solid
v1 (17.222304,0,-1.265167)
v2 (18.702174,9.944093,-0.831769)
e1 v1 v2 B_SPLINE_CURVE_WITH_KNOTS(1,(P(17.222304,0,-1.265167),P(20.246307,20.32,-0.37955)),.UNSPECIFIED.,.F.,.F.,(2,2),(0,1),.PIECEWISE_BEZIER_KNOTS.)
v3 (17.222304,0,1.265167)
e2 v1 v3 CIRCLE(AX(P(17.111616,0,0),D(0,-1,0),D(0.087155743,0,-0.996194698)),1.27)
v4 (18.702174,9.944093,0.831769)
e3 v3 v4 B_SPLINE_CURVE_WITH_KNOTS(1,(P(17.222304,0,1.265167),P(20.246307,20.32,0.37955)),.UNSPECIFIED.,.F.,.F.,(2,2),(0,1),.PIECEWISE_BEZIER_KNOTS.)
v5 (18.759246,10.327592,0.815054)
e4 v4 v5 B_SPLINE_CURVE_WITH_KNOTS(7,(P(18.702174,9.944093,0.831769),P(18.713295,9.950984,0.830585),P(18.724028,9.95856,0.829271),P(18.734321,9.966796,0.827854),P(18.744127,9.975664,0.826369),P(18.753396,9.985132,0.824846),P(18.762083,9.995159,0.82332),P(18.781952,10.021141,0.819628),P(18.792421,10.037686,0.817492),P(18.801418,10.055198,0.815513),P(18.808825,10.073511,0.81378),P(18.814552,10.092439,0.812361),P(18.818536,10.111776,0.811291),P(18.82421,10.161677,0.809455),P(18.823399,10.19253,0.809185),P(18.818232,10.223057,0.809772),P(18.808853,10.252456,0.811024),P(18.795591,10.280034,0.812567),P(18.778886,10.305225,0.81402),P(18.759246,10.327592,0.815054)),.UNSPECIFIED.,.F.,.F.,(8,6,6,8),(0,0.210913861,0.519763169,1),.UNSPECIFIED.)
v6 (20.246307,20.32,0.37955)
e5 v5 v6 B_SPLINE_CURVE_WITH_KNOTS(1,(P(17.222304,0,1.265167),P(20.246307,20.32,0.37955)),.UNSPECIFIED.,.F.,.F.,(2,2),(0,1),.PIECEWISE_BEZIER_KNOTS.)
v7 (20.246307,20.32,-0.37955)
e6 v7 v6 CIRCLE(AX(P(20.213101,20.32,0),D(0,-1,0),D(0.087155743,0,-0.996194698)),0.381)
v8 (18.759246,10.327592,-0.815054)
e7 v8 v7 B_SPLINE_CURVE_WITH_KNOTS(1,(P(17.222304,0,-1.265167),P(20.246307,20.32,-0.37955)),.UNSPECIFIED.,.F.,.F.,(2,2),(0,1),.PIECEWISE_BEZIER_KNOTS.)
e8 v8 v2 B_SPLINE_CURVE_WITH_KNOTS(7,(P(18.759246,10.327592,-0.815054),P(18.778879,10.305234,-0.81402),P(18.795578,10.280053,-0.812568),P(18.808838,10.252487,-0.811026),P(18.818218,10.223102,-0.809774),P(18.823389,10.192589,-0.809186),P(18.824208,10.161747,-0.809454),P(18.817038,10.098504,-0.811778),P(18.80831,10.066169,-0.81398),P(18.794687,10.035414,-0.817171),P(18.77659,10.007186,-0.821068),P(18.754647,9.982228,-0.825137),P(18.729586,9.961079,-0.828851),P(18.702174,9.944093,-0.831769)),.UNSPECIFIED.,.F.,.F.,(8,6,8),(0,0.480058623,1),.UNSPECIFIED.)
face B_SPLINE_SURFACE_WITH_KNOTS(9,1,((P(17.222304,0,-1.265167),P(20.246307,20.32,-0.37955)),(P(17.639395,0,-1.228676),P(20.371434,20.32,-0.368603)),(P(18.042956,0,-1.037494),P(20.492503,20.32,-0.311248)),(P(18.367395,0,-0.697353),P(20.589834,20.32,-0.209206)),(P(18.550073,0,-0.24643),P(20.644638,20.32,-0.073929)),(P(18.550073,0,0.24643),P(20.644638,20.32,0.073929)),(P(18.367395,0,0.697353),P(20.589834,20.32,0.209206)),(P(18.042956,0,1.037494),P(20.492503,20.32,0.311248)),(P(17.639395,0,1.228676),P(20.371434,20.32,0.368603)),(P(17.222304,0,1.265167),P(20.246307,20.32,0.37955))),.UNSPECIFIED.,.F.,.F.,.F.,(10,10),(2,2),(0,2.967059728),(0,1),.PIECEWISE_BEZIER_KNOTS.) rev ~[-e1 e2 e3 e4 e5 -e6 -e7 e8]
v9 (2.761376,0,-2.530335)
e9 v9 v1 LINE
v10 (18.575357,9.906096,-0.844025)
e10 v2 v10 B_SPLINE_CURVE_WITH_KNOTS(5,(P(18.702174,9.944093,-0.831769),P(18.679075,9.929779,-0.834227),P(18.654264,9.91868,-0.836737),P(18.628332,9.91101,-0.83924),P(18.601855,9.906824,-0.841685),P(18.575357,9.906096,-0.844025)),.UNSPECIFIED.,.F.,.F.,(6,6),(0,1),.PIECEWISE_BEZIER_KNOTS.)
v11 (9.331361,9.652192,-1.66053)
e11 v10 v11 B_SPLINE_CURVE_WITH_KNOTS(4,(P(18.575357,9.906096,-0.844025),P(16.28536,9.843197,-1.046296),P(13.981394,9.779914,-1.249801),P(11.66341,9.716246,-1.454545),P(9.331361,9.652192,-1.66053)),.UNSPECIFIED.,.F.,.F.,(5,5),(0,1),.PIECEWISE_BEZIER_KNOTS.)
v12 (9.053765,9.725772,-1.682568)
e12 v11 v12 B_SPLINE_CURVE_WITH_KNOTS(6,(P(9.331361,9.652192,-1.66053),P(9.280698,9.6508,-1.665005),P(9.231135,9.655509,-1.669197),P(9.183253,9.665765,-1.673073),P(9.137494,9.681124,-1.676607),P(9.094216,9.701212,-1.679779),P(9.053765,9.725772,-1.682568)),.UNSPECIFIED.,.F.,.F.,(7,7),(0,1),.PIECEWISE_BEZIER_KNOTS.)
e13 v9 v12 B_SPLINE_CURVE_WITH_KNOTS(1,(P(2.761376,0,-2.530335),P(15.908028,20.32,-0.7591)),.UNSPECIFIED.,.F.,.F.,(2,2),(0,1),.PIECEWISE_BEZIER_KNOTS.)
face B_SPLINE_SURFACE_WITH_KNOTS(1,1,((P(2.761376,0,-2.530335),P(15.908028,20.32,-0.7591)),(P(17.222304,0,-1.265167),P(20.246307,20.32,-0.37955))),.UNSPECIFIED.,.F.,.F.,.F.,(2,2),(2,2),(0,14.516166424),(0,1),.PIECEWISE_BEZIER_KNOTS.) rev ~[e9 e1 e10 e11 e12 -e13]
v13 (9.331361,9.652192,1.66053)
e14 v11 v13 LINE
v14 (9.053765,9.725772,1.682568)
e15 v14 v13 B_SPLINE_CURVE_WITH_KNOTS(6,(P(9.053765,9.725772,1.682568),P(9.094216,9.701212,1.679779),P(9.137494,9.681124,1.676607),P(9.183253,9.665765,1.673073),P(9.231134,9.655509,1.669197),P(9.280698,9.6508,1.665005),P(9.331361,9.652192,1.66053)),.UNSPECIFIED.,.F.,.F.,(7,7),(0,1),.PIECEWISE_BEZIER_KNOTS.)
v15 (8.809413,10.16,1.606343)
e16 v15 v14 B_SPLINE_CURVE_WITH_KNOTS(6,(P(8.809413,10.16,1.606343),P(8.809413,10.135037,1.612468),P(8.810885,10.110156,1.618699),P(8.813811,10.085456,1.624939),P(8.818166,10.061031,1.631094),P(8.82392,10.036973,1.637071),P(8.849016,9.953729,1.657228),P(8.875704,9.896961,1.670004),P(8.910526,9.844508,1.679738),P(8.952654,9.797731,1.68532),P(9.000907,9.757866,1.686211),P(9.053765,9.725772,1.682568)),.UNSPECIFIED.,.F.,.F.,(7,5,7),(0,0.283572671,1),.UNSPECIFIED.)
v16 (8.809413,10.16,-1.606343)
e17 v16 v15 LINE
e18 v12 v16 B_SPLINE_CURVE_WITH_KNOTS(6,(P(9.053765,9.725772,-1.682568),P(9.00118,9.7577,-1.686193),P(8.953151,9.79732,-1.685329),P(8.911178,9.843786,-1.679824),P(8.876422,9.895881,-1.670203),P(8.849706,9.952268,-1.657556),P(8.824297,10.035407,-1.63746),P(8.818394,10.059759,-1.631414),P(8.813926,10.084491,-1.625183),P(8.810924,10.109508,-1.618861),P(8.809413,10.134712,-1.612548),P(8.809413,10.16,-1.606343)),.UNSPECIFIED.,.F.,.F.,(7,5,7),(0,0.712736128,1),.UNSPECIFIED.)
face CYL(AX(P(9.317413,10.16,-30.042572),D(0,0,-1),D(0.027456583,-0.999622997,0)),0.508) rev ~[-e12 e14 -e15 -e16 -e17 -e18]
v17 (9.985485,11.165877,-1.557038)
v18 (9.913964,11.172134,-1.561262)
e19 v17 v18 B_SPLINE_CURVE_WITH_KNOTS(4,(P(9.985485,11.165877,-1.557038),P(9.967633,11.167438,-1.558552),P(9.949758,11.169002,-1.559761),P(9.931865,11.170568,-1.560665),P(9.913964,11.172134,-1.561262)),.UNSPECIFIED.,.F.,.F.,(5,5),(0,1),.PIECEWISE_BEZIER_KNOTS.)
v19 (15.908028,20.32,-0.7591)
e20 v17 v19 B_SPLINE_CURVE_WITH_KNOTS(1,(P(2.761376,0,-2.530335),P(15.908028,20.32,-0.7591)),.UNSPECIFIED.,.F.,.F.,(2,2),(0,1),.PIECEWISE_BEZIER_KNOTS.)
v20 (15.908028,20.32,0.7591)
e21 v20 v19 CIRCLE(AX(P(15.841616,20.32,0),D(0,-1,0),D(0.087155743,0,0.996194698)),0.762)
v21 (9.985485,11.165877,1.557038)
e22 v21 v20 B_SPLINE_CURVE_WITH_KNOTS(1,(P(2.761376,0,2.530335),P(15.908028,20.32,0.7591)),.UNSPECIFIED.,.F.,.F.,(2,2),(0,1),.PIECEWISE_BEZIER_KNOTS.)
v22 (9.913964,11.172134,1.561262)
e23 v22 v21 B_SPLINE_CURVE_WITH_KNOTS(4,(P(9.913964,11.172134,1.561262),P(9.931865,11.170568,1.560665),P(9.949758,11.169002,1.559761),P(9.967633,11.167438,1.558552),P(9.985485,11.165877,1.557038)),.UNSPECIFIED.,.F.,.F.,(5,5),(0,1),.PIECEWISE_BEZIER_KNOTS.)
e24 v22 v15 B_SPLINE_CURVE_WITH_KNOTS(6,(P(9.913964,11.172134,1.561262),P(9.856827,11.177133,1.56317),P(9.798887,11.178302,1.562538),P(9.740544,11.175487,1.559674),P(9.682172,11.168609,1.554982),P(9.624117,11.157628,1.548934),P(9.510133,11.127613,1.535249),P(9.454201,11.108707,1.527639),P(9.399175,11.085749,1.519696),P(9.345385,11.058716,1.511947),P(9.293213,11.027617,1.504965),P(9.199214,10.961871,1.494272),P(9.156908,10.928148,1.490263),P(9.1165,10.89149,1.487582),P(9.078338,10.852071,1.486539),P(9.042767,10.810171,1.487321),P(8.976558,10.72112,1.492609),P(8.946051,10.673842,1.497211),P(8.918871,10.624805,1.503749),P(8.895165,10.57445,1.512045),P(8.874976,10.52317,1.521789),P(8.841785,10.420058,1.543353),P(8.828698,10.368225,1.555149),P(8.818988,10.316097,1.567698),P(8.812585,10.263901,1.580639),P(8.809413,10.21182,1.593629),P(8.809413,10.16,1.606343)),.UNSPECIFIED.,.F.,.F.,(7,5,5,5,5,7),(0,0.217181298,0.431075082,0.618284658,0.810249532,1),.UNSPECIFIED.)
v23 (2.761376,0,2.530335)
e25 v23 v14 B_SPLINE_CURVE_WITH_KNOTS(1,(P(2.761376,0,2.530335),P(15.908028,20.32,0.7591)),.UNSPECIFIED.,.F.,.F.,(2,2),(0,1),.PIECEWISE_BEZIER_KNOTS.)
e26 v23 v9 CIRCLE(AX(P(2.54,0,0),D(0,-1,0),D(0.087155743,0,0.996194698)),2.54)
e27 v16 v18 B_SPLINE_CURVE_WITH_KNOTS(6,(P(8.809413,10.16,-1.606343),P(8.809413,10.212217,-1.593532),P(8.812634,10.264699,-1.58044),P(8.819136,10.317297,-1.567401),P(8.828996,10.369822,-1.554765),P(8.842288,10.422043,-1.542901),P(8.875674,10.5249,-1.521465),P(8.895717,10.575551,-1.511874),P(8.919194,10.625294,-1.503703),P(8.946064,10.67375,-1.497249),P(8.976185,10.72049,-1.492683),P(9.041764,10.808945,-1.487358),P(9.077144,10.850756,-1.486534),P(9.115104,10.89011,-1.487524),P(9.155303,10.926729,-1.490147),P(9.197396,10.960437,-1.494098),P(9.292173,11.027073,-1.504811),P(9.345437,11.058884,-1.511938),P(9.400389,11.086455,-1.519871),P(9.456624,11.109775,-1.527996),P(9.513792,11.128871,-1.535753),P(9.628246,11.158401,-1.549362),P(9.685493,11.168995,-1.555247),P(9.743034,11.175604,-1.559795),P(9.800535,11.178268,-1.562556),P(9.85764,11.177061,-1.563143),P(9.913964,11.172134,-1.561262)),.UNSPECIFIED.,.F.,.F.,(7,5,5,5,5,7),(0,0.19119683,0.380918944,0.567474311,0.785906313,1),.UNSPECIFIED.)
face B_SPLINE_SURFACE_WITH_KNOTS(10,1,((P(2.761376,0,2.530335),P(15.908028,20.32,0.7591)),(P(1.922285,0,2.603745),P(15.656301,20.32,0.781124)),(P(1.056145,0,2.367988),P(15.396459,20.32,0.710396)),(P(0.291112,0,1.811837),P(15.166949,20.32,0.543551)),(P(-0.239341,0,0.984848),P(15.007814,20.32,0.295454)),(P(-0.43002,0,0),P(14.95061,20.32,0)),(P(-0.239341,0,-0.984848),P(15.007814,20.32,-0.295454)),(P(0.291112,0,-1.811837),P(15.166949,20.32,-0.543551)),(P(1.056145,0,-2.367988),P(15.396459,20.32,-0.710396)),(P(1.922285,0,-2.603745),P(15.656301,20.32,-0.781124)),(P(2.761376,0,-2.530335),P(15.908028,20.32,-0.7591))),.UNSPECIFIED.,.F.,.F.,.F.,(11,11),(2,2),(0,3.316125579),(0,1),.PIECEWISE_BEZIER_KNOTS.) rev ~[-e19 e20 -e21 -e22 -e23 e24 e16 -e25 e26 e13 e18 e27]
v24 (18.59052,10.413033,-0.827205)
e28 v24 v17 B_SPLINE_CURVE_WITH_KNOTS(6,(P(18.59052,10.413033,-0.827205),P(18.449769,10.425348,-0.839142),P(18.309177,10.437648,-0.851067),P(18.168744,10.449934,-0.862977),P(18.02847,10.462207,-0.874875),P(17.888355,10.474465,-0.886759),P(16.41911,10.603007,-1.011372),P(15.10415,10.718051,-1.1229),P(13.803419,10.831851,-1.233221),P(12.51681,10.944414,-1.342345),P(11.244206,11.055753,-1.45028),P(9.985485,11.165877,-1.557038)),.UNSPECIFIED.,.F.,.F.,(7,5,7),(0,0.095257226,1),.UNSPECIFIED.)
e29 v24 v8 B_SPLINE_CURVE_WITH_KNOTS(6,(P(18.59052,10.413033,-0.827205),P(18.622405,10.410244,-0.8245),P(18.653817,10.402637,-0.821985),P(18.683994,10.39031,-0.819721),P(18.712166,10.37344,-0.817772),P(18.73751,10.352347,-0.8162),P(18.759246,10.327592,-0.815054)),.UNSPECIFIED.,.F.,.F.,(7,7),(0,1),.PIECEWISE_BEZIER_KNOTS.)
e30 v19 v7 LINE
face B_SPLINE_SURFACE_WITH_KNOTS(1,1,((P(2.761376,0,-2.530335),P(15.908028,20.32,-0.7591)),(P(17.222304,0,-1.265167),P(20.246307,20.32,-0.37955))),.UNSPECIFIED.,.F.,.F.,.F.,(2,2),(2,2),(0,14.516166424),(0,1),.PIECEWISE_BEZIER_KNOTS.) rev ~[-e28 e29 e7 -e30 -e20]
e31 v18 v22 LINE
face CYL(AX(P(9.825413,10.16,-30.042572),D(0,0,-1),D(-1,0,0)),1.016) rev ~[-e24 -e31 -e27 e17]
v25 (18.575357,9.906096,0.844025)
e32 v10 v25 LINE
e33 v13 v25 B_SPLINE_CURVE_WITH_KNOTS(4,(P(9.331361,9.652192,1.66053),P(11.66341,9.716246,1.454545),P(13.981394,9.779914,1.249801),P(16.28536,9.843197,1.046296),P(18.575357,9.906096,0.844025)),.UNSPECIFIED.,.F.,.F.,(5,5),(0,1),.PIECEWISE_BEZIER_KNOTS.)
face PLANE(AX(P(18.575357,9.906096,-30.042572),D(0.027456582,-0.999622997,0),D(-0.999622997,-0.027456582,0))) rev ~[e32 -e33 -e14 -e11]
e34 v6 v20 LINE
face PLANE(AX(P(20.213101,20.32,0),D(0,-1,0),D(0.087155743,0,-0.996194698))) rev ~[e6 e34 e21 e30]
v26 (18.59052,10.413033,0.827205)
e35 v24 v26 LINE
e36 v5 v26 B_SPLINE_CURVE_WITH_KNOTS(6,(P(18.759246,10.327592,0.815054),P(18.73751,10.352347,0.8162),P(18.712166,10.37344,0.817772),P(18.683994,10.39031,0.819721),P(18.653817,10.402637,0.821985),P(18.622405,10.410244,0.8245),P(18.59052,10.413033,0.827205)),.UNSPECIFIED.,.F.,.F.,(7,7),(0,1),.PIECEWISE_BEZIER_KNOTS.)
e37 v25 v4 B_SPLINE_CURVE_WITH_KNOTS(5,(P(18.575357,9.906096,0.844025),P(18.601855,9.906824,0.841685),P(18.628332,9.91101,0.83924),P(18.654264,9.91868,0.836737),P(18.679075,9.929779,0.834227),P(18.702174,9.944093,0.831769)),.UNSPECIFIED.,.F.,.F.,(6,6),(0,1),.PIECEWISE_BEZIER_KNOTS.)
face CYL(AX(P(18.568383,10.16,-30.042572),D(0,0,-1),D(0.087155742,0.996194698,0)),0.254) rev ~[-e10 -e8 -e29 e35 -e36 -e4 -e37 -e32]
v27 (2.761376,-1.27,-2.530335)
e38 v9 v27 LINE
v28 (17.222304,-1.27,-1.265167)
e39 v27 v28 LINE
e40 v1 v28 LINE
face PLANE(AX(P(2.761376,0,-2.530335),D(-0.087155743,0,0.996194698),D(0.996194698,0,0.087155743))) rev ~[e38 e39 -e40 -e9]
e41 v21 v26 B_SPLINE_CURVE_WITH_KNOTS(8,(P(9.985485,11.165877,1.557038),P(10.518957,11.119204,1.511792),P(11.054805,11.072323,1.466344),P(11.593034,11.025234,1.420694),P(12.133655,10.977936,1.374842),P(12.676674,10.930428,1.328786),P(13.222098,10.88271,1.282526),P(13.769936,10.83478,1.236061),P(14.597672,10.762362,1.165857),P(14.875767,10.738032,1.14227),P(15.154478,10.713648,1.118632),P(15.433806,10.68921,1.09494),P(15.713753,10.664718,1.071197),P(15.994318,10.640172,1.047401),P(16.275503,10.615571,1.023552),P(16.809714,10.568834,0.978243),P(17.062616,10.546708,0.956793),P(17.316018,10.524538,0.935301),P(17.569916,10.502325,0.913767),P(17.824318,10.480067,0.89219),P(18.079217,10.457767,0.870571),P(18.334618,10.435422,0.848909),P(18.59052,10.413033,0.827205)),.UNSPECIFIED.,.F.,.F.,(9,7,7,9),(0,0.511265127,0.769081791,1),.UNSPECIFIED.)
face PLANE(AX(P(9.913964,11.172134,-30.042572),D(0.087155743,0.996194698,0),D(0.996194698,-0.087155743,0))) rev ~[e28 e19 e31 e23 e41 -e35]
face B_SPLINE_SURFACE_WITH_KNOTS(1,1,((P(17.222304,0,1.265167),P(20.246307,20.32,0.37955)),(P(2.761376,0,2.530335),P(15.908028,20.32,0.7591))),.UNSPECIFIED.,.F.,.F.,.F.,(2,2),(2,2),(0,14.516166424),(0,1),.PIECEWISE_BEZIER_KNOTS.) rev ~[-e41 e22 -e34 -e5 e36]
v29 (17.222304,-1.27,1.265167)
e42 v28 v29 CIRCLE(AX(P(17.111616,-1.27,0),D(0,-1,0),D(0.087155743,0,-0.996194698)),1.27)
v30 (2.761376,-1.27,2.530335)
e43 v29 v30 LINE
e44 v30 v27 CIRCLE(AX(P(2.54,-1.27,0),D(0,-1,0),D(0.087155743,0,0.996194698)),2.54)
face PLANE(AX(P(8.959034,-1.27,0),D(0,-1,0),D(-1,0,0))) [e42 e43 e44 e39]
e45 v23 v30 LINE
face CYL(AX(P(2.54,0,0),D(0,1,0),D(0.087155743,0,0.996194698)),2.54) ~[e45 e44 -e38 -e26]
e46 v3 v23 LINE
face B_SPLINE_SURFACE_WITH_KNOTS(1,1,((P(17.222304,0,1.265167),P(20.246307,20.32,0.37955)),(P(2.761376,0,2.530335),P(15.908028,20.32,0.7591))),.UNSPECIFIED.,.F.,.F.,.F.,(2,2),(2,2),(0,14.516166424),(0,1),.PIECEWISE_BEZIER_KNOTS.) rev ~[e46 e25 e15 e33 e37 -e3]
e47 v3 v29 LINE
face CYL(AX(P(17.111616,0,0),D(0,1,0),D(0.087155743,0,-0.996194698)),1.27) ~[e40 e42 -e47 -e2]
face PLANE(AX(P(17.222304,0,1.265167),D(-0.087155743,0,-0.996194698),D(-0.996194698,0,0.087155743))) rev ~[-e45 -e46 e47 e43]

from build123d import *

# Parameters (mm, degrees)
BOSS_EXTRUDE1_DEPTH     = 1.27
CUT_EXTRUDE1_DEPTH      = 30.042571975
CUT_EXTRUDE1_DEPTH_BACK = 30.042571975


with BuildPart() as part:
    # Sketch1 → Boss-Extrude1 (new body)
    with BuildSketch(Plane(origin=(0, 0, 0), x_dir=(1, 0, 0), z_dir=(0, 1, 0))):
        with BuildLine():
            Line((2.761375587, 2.530334533), (17.222303615, 1.265167267))
            ThreePointArc((17.222303615, 1.265167267), (18.381615822, 0), (17.222303615, -1.265167267))
            Line((17.222303615, -1.265167267), (2.761375587, -2.530334533))
            ThreePointArc((2.761375587, -2.530334533), (0, 0), (2.761375587, 2.530334533))
        make_face()
    extrude(amount=-BOSS_EXTRUDE1_DEPTH)

    # Sketch1<3> → Loft2 section 0
    with BuildSketch(Plane(origin=(0, 0, 0), x_dir=(1, 0, 0), z_dir=(0, 1, 0))):
        with BuildLine():
            Line((2.761375587, 2.530334533), (17.222303615, 1.265167267))
            ThreePointArc((17.222303615, 1.265167267), (18.381615822, 0), (17.222303615, -1.265167267))
            Line((17.222303615, -1.265167267), (2.761375587, -2.530334533))
            ThreePointArc((2.761375587, -2.530334533), (0, 0), (2.761375587, 2.530334533))
        make_face()
    # Sketch5 → Loft2 section 1
    with BuildSketch(Plane(origin=(0, 20.32, 0), x_dir=(1, 0, 0), z_dir=(0, 1, 0))):
        with BuildLine():
            Line((15.908028498, 0.75910036), (20.246306907, 0.37955018))
            ThreePointArc((20.246306907, 0.37955018), (20.594100569, 0), (20.246306907, -0.37955018))
            Line((20.246306907, -0.37955018), (15.908028498, -0.75910036))
            ThreePointArc((15.908028498, -0.75910036), (15.079615822, 0), (15.908028498, 0.75910036))
        make_face()
    loft()

    # Sketch7 → Cut-Extrude1 (cut, two sides: drawn at the far end of the back side and taken through both)
    with BuildSketch(Plane.XY.offset(-CUT_EXTRUDE1_DEPTH_BACK)):
        with BuildLine():
            Line((9.913963672, 11.172133813), (18.59052049, 10.413033453))
            ThreePointArc((18.59052049, 10.413033453), (18.822269376, 10.152405715), (18.575356903, 9.906095759))
            Line((18.575356903, 9.906095759), (9.331361381, 9.652191518))
            ThreePointArc((9.331361381, 9.652191518), (8.963168858, 9.795891805), (8.809413438, 10.16))
            ThreePointArc((8.809413438, 10.16), (9.139013787, 10.909073774), (9.913963672, 11.172133813))
        make_face()
    extrude(amount=CUT_EXTRUDE1_DEPTH + CUT_EXTRUDE1_DEPTH_BACK, mode=Mode.SUBTRACT)


solid = part.part
